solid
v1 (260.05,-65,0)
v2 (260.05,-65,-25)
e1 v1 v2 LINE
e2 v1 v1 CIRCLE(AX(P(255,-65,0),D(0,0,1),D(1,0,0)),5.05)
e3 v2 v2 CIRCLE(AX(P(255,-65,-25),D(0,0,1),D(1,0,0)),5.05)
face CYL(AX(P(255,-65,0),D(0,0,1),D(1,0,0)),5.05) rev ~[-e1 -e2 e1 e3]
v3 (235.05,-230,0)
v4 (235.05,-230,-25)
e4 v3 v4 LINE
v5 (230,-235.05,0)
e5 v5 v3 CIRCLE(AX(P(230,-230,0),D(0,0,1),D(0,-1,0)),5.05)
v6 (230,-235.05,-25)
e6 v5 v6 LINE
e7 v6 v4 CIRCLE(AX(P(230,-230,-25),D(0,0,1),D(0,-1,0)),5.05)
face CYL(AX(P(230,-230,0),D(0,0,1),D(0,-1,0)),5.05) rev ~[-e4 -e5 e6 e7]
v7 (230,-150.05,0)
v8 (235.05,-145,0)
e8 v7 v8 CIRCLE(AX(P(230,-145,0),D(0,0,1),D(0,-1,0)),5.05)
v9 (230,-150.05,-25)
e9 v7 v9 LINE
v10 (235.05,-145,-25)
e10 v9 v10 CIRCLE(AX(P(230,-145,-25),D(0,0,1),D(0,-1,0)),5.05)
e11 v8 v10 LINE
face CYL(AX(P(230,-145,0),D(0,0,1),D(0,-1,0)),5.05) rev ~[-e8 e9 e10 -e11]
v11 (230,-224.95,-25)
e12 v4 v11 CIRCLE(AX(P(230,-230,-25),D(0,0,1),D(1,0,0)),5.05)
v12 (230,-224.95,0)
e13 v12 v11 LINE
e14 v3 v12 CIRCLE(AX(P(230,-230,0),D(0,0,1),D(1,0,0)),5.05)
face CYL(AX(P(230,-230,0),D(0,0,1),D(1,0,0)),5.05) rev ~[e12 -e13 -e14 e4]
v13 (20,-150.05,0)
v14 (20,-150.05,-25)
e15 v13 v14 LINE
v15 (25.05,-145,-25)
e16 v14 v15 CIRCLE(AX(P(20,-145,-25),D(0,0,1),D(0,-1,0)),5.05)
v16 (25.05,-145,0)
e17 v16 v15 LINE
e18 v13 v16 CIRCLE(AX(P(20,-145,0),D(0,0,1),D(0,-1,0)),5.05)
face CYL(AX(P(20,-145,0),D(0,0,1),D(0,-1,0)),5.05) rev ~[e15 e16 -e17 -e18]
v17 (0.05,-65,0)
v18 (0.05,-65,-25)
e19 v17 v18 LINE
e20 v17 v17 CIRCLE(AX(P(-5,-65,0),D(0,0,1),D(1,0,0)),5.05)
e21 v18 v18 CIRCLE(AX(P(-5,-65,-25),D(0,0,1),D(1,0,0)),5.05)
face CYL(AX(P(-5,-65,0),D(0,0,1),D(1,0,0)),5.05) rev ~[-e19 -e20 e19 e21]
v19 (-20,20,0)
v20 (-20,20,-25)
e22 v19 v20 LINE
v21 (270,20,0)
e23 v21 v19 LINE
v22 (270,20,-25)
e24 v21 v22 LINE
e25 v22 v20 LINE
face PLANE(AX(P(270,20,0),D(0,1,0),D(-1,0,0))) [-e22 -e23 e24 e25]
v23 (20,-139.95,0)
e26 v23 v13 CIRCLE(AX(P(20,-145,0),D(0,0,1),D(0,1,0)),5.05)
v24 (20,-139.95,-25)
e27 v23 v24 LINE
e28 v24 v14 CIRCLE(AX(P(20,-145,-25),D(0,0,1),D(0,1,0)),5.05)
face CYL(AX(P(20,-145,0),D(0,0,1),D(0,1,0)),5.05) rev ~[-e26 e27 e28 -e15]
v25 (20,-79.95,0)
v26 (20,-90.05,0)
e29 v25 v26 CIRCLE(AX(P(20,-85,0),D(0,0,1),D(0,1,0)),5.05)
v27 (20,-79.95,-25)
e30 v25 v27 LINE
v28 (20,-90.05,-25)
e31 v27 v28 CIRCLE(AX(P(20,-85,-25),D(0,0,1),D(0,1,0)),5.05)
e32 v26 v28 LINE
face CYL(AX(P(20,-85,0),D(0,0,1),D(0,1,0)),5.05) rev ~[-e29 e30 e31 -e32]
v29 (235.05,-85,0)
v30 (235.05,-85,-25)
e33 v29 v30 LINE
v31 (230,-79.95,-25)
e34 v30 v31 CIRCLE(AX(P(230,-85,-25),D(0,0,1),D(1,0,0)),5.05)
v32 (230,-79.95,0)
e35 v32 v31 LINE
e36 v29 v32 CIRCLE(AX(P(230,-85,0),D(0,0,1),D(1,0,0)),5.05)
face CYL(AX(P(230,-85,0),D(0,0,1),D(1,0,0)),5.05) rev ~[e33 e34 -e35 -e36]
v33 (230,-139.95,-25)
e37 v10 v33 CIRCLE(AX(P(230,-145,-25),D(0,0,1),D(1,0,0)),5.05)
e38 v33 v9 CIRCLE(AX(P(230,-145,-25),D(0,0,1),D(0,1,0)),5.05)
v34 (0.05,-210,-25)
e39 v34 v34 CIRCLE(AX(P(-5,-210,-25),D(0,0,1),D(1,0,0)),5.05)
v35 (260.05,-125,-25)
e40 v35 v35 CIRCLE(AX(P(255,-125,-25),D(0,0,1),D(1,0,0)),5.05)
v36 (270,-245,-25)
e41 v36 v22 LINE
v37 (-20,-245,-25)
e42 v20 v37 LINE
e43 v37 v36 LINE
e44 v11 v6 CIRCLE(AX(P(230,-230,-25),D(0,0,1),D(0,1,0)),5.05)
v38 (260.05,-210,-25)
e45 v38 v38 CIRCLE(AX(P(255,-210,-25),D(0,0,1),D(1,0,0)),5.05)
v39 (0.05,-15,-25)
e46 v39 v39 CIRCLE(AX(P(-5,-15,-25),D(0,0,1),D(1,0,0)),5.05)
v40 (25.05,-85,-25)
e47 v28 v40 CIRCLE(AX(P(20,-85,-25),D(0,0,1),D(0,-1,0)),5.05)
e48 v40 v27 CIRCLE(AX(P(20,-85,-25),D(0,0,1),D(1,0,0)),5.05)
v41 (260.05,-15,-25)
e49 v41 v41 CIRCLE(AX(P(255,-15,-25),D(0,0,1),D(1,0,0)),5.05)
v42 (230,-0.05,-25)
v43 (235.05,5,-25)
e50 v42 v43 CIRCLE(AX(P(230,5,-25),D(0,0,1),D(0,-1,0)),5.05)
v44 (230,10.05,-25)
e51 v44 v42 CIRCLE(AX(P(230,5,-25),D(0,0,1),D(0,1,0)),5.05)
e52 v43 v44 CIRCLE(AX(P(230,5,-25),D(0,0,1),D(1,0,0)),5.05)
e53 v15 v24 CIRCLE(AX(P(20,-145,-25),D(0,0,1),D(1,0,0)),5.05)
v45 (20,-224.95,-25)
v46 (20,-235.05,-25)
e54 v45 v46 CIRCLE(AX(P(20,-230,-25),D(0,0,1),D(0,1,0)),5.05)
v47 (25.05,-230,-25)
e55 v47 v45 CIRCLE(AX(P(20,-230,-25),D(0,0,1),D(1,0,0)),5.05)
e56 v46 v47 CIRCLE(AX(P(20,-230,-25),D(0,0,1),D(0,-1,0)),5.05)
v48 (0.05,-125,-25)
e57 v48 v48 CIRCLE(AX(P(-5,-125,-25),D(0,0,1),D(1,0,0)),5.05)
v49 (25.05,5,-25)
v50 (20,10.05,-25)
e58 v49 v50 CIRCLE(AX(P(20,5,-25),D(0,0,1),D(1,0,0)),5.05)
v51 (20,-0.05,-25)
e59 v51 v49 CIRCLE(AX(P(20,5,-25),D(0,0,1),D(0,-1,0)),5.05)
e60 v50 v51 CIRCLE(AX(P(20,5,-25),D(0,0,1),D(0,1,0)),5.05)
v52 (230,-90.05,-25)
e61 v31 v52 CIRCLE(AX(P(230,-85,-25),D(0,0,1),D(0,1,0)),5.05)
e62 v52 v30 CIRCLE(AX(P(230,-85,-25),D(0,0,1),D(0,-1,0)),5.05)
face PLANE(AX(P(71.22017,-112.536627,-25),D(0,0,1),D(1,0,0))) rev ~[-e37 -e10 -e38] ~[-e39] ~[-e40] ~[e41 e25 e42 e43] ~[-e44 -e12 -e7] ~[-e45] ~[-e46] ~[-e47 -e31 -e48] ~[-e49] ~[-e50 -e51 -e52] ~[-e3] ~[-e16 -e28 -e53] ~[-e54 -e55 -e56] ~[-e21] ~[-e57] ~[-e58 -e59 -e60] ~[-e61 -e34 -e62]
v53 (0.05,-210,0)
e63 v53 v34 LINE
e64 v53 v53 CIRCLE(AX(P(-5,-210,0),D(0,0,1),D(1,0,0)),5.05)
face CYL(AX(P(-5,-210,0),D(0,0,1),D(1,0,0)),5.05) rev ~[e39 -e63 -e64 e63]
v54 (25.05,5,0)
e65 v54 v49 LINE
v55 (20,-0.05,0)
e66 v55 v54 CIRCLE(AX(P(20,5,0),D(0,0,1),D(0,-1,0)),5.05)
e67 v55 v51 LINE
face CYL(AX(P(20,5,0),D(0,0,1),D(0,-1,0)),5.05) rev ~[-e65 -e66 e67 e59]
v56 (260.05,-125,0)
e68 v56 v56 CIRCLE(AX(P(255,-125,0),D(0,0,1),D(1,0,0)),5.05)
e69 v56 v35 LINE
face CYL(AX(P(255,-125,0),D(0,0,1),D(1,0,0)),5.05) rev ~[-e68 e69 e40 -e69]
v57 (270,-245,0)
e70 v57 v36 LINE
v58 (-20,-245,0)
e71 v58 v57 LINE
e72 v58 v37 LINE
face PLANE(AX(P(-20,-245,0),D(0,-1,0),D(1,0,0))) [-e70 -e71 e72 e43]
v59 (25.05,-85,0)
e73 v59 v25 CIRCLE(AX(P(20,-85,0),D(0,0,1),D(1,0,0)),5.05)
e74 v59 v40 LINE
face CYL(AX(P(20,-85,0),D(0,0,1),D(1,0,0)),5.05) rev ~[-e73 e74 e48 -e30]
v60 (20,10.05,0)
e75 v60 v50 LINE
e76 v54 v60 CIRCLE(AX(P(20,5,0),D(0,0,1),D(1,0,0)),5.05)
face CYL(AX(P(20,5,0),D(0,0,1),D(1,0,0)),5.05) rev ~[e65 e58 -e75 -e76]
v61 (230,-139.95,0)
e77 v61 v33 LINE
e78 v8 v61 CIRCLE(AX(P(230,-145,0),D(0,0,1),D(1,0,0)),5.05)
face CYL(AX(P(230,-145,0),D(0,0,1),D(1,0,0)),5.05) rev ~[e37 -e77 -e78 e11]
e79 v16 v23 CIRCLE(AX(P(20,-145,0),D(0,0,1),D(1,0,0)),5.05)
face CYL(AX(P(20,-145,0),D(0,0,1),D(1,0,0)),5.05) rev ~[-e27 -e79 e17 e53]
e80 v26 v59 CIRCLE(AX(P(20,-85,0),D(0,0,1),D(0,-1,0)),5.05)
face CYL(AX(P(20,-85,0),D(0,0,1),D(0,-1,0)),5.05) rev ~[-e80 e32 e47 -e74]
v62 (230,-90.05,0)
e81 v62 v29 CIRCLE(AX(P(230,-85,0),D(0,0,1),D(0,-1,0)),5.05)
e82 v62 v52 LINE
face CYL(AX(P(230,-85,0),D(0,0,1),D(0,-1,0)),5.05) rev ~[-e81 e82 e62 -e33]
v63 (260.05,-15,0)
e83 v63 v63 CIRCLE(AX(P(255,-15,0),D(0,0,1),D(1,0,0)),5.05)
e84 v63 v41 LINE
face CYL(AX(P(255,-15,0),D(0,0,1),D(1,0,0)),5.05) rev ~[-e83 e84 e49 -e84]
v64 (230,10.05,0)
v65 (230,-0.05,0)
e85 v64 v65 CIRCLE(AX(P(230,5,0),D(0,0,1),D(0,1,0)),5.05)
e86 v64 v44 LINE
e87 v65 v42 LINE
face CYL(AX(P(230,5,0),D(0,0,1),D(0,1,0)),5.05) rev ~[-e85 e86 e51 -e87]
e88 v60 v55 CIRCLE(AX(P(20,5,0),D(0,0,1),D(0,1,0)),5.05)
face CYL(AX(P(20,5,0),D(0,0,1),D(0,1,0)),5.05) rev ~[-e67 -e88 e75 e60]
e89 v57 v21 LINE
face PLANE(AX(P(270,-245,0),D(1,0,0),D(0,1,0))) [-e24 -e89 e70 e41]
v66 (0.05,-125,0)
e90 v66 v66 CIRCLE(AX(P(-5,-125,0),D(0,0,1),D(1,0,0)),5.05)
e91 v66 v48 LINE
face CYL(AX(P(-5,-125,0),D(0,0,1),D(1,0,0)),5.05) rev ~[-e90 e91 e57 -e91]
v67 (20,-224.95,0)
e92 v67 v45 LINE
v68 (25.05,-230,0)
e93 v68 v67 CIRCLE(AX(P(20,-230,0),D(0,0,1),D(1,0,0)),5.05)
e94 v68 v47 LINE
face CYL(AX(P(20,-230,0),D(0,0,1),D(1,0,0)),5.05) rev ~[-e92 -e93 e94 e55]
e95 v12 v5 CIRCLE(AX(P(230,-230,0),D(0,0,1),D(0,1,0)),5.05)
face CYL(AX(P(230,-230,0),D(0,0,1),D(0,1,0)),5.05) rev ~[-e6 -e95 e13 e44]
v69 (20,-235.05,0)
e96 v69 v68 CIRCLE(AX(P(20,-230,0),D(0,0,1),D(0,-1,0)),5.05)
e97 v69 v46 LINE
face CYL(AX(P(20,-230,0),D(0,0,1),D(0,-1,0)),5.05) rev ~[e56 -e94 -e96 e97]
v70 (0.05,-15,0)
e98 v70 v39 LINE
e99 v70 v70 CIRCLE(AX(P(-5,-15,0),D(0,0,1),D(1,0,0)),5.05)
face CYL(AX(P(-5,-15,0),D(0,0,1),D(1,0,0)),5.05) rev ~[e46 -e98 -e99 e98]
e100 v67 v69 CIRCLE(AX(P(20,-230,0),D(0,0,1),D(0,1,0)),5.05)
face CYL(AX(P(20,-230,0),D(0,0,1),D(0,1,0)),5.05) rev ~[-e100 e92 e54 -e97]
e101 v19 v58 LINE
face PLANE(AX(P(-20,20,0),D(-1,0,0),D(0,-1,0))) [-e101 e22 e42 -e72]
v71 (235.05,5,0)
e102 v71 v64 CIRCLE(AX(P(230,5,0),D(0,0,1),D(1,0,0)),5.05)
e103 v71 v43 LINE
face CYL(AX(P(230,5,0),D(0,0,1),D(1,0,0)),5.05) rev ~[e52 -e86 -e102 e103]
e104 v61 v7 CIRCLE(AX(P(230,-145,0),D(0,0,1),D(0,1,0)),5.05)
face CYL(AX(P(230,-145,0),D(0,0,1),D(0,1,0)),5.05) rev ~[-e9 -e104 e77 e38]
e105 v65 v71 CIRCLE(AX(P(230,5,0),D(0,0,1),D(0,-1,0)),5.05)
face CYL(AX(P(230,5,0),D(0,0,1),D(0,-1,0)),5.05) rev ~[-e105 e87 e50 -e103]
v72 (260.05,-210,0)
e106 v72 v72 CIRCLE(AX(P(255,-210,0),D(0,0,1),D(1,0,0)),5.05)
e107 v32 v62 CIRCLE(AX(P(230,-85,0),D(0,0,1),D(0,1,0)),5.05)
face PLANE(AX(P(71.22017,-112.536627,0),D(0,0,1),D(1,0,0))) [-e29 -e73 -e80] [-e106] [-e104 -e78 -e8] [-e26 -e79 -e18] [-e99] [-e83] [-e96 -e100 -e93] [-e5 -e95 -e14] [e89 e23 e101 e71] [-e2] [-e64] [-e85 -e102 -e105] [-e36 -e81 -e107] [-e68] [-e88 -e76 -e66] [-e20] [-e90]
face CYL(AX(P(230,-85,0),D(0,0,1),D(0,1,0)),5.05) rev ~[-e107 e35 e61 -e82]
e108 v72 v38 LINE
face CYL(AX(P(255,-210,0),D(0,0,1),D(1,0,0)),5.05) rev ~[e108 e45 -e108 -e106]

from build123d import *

# Parameters (mm, degrees)
F3_R     = 5.05
F4_DEPTH = 25
F5_DEPTH = 25


with BuildPart() as f4:
    # F3 (on Top) → F4 (new body)
    with BuildSketch(Plane.XY):
        with BuildLine():
            Line((125, 20), (20, 20))
            Line((20, 20), (20, 10.05))
            ThreePointArc((20, 10.05), (23.570889245, 8.570889245), (25.05, 5))
            ThreePointArc((25.05, 5), (23.570889245, 1.429110755), (20, -0.05))
            Line((20, -0.05), (20, -79.95))
            ThreePointArc((20, -79.95), (23.570889245, -81.429110755), (25.05, -85))
            ThreePointArc((25.05, -85), (23.570889245, -88.570889245), (20, -90.05))
            Line((20, -90.05), (20, -139.95))
            ThreePointArc((20, -139.95), (23.570889245, -141.429110755), (25.05, -145))
            ThreePointArc((25.05, -145), (23.570889245, -148.570889245), (20, -150.05))
            Line((20, -150.05), (20, -224.95))
            ThreePointArc((20, -224.95), (23.570889245, -226.429110755), (25.05, -230))
            ThreePointArc((25.05, -230), (23.570889245, -233.570889245), (20, -235.05))
            Line((20, -235.05), (20, -245))
            Line((20, -245), (125, -245))
            Line((125, -245), (125, 20))
        make_face()
        with BuildLine():
            Line((270, 20), (230, 20))
            Line((230, 20), (230, 10.05))
            ThreePointArc((230, 10.05), (233.570889245, 8.570889245), (235.05, 5))
            ThreePointArc((235.05, 5), (233.570889245, 1.429110755), (230, -0.05))
            Line((230, -0.05), (230, -79.95))
            ThreePointArc((230, -79.95), (233.570889245, -81.429110755), (235.05, -85))
            ThreePointArc((235.05, -85), (233.570889245, -88.570889245), (230, -90.05))
            Line((230, -90.05), (230, -139.95))
            ThreePointArc((230, -139.95), (233.570889245, -141.429110755), (235.05, -145))
            ThreePointArc((235.05, -145), (233.570889245, -148.570889245), (230, -150.05))
            Line((230, -150.05), (230, -224.95))
            ThreePointArc((230, -224.95), (233.570889245, -226.429110755), (235.05, -230))
            ThreePointArc((235.05, -230), (233.570889245, -233.570889245), (230, -235.05))
            Line((230, -235.05), (230, -245))
            Line((230, -245), (270, -245))
            Line((270, -245), (270, 20))
        make_face()
        with Locations((255, -210)):
            Circle(F3_R, mode=Mode.SUBTRACT)
        with Locations((255, -125)):
            Circle(F3_R, mode=Mode.SUBTRACT)
        with Locations((255, -65)):
            Circle(F3_R, mode=Mode.SUBTRACT)
        with Locations((255.05, -40)):
            Circle(F3_R, mode=Mode.SUBTRACT)
        with Locations((255, -15)):
            Circle(F3_R, mode=Mode.SUBTRACT)
        with BuildLine():
            Line((230, 20), (125, 20))
            Line((125, 20), (125, -245))
            Line((125, -245), (230, -245))
            Line((230, -245), (230, -235.05))
            ThreePointArc((230, -235.05), (224.95, -230), (230, -224.95))
            Line((230, -224.95), (230, -150.05))
            ThreePointArc((230, -150.05), (224.95, -145), (230, -139.95))
            Line((230, -139.95), (230, -90.05))
            ThreePointArc((230, -90.05), (224.95, -85), (230, -79.95))
            Line((230, -79.95), (230, -0.05))
            ThreePointArc((230, -0.05), (224.95, 5), (230, 10.05))
            Line((230, 10.05), (230, 20))
        make_face()
        with BuildLine():
            Line((20, 20), (-20, 20))
            Line((-20, 20), (-20, -245))
            Line((-20, -245), (20, -245))
            Line((20, -245), (20, -235.05))
            ThreePointArc((20, -235.05), (14.95, -230), (20, -224.95))
            Line((20, -224.95), (20, -150.05))
            ThreePointArc((20, -150.05), (14.95, -145), (20, -139.95))
            Line((20, -139.95), (20, -90.05))
            ThreePointArc((20, -90.05), (14.95, -85), (20, -79.95))
            Line((20, -79.95), (20, -0.05))
            ThreePointArc((20, -0.05), (14.95, 5), (20, 10.05))
            Line((20, 10.05), (20, 20))
        make_face()
        with Locations((-5, -210)):
            Circle(F3_R, mode=Mode.SUBTRACT)
        with Locations((-5, -125)):
            Circle(F3_R, mode=Mode.SUBTRACT)
        with Locations((-5, -65)):
            Circle(F3_R, mode=Mode.SUBTRACT)
        with Locations((-5.05, -40)):
            Circle(F3_R, mode=Mode.SUBTRACT)
        with Locations((-5, -15)):
            Circle(F3_R, mode=Mode.SUBTRACT)
        with BuildLine():
            Line((230, -139.95), (230, -150.05))
            ThreePointArc((230, -150.05), (233.570889245, -148.570889245), (235.05, -145))
            ThreePointArc((235.05, -145), (233.570889245, -141.429110755), (230, -139.95))
        make_face()
        with BuildLine():
            Line((230, -224.95), (230, -235.05))
            ThreePointArc((230, -235.05), (233.570889245, -233.570889245), (235.05, -230))
            ThreePointArc((235.05, -230), (233.570889245, -226.429110755), (230, -224.95))
        make_face()
        with BuildLine():
            ThreePointArc((20, -224.95), (14.95, -230), (20, -235.05))
            Line((20, -235.05), (20, -224.95))
        make_face()
        with BuildLine():
            ThreePointArc((230, -224.95), (224.95, -230), (230, -235.05))
            Line((230, -235.05), (230, -224.95))
        make_face()
        with BuildLine():
            Line((20, -224.95), (20, -235.05))
            ThreePointArc((20, -235.05), (23.570889245, -233.570889245), (25.05, -230))
            ThreePointArc((25.05, -230), (23.570889245, -226.429110755), (20, -224.95))
        make_face()
        with BuildLine():
            ThreePointArc((230, -139.95), (224.95, -145), (230, -150.05))
            Line((230, -150.05), (230, -139.95))
        make_face()
        with BuildLine():
            ThreePointArc((235.05, -85), (233.570889245, -81.429110755), (230, -79.95))
            Line((230, -79.95), (230, -90.05))
            ThreePointArc((230, -90.05), (233.570889245, -88.570889245), (235.05, -85))
        make_face()
        with BuildLine():
            Line((20, -139.95), (20, -150.05))
            ThreePointArc((20, -150.05), (23.570889245, -148.570889245), (25.05, -145))
            ThreePointArc((25.05, -145), (23.570889245, -141.429110755), (20, -139.95))
        make_face()
        with Locations((-5, -15)):
            Circle(F3_R)
        with BuildLine():
            ThreePointArc((20, -139.95), (14.95, -145), (20, -150.05))
            Line((20, -150.05), (20, -139.95))
        make_face()
        with BuildLine():
            ThreePointArc((25.05, -85), (23.570889245, -81.429110755), (20, -79.95))
            Line((20, -79.95), (20, -90.05))
            ThreePointArc((20, -90.05), (23.570889245, -88.570889245), (25.05, -85))
        make_face()
        with Locations((-5, -65)):
            Circle(F3_R)
        with Locations((-5.05, -40)):
            Circle(F3_R)
        with Locations((255.05, -40)):
            Circle(F3_R)
        with Locations((255, -125)):
            Circle(F3_R)
        with Locations((255, -65)):
            Circle(F3_R)
        with Locations((-5, -125)):
            Circle(F3_R)
        with Locations((-5, -210)):
            Circle(F3_R)
        with Locations((255, -210)):
            Circle(F3_R)
        with BuildLine():
            Line((20, -0.05), (20, 10.05))
            ThreePointArc((20, 10.05), (14.95, 5), (20, -0.05))
        make_face()
        with BuildLine():
            Line((230, -90.05), (230, -79.95))
            ThreePointArc((230, -79.95), (224.95, -85), (230, -90.05))
        make_face()
        with BuildLine():
            ThreePointArc((25.05, 5), (23.570889245, 8.570889245), (20, 10.05))
            Line((20, 10.05), (20, -0.05))
            ThreePointArc((20, -0.05), (23.570889245, 1.429110755), (25.05, 5))
        make_face()
        with BuildLine():
            Line((20, -90.05), (20, -79.95))
            ThreePointArc((20, -79.95), (14.95, -85), (20, -90.05))
        make_face()
        with BuildLine():
            ThreePointArc((235.05, 5), (233.570889245, 8.570889245), (230, 10.05))
            Line((230, 10.05), (230, -0.05))
            ThreePointArc((230, -0.05), (233.570889245, 1.429110755), (235.05, 5))
        make_face()
        with BuildLine():
            Line((230, -0.05), (230, 10.05))
            ThreePointArc((230, 10.05), (224.95, 5), (230, -0.05))
        make_face()
        with Locations((255, -15)):
            Circle(F3_R)
    extrude(amount=-F4_DEPTH)

    # F3 (on Top) → F5 (cut)
    with BuildSketch(Plane.XY):
        with Locations((-5, -15)):
            Circle(F3_R)
        with BuildLine():
            ThreePointArc((25.05, 5), (23.570889245, 8.570889245), (20, 10.05))
            Line((20, 10.05), (20, -0.05))
            ThreePointArc((20, -0.05), (23.570889245, 1.429110755), (25.05, 5))
        make_face()
        with BuildLine():
            Line((20, -0.05), (20, 10.05))
            ThreePointArc((20, 10.05), (14.95, 5), (20, -0.05))
        make_face()
        with Locations((-5, -65)):
            Circle(F3_R)
        with BuildLine():
            ThreePointArc((25.05, -85), (23.570889245, -81.429110755), (20, -79.95))
            Line((20, -79.95), (20, -90.05))
            ThreePointArc((20, -90.05), (23.570889245, -88.570889245), (25.05, -85))
        make_face()
        with BuildLine():
            Line((20, -90.05), (20, -79.95))
            ThreePointArc((20, -79.95), (14.95, -85), (20, -90.05))
        make_face()
        with Locations((-5, -125)):
            Circle(F3_R)
        with BuildLine():
            Line((20, -139.95), (20, -150.05))
            ThreePointArc((20, -150.05), (23.570889245, -148.570889245), (25.05, -145))
            ThreePointArc((25.05, -145), (23.570889245, -141.429110755), (20, -139.95))
        make_face()
        with BuildLine():
            ThreePointArc((20, -139.95), (14.95, -145), (20, -150.05))
            Line((20, -150.05), (20, -139.95))
        make_face()
        with Locations((-5, -210)):
            Circle(F3_R)
        with BuildLine():
            ThreePointArc((20, -224.95), (14.95, -230), (20, -235.05))
            Line((20, -235.05), (20, -224.95))
        make_face()
        with BuildLine():
            Line((20, -224.95), (20, -235.05))
            ThreePointArc((20, -235.05), (23.570889245, -233.570889245), (25.05, -230))
            ThreePointArc((25.05, -230), (23.570889245, -226.429110755), (20, -224.95))
        make_face()
        with BuildLine():
            ThreePointArc((230, -224.95), (224.95, -230), (230, -235.05))
            Line((230, -235.05), (230, -224.95))
        make_face()
        with BuildLine():
            Line((230, -224.95), (230, -235.05))
            ThreePointArc((230, -235.05), (233.570889245, -233.570889245), (235.05, -230))
            ThreePointArc((235.05, -230), (233.570889245, -226.429110755), (230, -224.95))
        make_face()
        with Locations((255, -210)):
            Circle(F3_R)
        with BuildLine():
            Line((230, -139.95), (230, -150.05))
            ThreePointArc((230, -150.05), (233.570889245, -148.570889245), (235.05, -145))
            ThreePointArc((235.05, -145), (233.570889245, -141.429110755), (230, -139.95))
        make_face()
        with BuildLine():
            ThreePointArc((230, -139.95), (224.95, -145), (230, -150.05))
            Line((230, -150.05), (230, -139.95))
        make_face()
        with Locations((255, -125)):
            Circle(F3_R)
        with BuildLine():
            Line((230, -90.05), (230, -79.95))
            ThreePointArc((230, -79.95), (224.95, -85), (230, -90.05))
        make_face()
        with BuildLine():
            ThreePointArc((235.05, -85), (233.570889245, -81.429110755), (230, -79.95))
            Line((230, -79.95), (230, -90.05))
            ThreePointArc((230, -90.05), (233.570889245, -88.570889245), (235.05, -85))
        make_face()
        with Locations((255, -65)):
            Circle(F3_R)
        with BuildLine():
            ThreePointArc((235.05, 5), (233.570889245, 8.570889245), (230, 10.05))
            Line((230, 10.05), (230, -0.05))
            ThreePointArc((230, -0.05), (233.570889245, 1.429110755), (235.05, 5))
        make_face()
        with BuildLine():
            Line((230, -0.05), (230, 10.05))
            ThreePointArc((230, 10.05), (224.95, 5), (230, -0.05))
        make_face()
        with Locations((255, -15)):
            Circle(F3_R)
    extrude(amount=-F5_DEPTH, mode=Mode.SUBTRACT)


solid = f4.part
